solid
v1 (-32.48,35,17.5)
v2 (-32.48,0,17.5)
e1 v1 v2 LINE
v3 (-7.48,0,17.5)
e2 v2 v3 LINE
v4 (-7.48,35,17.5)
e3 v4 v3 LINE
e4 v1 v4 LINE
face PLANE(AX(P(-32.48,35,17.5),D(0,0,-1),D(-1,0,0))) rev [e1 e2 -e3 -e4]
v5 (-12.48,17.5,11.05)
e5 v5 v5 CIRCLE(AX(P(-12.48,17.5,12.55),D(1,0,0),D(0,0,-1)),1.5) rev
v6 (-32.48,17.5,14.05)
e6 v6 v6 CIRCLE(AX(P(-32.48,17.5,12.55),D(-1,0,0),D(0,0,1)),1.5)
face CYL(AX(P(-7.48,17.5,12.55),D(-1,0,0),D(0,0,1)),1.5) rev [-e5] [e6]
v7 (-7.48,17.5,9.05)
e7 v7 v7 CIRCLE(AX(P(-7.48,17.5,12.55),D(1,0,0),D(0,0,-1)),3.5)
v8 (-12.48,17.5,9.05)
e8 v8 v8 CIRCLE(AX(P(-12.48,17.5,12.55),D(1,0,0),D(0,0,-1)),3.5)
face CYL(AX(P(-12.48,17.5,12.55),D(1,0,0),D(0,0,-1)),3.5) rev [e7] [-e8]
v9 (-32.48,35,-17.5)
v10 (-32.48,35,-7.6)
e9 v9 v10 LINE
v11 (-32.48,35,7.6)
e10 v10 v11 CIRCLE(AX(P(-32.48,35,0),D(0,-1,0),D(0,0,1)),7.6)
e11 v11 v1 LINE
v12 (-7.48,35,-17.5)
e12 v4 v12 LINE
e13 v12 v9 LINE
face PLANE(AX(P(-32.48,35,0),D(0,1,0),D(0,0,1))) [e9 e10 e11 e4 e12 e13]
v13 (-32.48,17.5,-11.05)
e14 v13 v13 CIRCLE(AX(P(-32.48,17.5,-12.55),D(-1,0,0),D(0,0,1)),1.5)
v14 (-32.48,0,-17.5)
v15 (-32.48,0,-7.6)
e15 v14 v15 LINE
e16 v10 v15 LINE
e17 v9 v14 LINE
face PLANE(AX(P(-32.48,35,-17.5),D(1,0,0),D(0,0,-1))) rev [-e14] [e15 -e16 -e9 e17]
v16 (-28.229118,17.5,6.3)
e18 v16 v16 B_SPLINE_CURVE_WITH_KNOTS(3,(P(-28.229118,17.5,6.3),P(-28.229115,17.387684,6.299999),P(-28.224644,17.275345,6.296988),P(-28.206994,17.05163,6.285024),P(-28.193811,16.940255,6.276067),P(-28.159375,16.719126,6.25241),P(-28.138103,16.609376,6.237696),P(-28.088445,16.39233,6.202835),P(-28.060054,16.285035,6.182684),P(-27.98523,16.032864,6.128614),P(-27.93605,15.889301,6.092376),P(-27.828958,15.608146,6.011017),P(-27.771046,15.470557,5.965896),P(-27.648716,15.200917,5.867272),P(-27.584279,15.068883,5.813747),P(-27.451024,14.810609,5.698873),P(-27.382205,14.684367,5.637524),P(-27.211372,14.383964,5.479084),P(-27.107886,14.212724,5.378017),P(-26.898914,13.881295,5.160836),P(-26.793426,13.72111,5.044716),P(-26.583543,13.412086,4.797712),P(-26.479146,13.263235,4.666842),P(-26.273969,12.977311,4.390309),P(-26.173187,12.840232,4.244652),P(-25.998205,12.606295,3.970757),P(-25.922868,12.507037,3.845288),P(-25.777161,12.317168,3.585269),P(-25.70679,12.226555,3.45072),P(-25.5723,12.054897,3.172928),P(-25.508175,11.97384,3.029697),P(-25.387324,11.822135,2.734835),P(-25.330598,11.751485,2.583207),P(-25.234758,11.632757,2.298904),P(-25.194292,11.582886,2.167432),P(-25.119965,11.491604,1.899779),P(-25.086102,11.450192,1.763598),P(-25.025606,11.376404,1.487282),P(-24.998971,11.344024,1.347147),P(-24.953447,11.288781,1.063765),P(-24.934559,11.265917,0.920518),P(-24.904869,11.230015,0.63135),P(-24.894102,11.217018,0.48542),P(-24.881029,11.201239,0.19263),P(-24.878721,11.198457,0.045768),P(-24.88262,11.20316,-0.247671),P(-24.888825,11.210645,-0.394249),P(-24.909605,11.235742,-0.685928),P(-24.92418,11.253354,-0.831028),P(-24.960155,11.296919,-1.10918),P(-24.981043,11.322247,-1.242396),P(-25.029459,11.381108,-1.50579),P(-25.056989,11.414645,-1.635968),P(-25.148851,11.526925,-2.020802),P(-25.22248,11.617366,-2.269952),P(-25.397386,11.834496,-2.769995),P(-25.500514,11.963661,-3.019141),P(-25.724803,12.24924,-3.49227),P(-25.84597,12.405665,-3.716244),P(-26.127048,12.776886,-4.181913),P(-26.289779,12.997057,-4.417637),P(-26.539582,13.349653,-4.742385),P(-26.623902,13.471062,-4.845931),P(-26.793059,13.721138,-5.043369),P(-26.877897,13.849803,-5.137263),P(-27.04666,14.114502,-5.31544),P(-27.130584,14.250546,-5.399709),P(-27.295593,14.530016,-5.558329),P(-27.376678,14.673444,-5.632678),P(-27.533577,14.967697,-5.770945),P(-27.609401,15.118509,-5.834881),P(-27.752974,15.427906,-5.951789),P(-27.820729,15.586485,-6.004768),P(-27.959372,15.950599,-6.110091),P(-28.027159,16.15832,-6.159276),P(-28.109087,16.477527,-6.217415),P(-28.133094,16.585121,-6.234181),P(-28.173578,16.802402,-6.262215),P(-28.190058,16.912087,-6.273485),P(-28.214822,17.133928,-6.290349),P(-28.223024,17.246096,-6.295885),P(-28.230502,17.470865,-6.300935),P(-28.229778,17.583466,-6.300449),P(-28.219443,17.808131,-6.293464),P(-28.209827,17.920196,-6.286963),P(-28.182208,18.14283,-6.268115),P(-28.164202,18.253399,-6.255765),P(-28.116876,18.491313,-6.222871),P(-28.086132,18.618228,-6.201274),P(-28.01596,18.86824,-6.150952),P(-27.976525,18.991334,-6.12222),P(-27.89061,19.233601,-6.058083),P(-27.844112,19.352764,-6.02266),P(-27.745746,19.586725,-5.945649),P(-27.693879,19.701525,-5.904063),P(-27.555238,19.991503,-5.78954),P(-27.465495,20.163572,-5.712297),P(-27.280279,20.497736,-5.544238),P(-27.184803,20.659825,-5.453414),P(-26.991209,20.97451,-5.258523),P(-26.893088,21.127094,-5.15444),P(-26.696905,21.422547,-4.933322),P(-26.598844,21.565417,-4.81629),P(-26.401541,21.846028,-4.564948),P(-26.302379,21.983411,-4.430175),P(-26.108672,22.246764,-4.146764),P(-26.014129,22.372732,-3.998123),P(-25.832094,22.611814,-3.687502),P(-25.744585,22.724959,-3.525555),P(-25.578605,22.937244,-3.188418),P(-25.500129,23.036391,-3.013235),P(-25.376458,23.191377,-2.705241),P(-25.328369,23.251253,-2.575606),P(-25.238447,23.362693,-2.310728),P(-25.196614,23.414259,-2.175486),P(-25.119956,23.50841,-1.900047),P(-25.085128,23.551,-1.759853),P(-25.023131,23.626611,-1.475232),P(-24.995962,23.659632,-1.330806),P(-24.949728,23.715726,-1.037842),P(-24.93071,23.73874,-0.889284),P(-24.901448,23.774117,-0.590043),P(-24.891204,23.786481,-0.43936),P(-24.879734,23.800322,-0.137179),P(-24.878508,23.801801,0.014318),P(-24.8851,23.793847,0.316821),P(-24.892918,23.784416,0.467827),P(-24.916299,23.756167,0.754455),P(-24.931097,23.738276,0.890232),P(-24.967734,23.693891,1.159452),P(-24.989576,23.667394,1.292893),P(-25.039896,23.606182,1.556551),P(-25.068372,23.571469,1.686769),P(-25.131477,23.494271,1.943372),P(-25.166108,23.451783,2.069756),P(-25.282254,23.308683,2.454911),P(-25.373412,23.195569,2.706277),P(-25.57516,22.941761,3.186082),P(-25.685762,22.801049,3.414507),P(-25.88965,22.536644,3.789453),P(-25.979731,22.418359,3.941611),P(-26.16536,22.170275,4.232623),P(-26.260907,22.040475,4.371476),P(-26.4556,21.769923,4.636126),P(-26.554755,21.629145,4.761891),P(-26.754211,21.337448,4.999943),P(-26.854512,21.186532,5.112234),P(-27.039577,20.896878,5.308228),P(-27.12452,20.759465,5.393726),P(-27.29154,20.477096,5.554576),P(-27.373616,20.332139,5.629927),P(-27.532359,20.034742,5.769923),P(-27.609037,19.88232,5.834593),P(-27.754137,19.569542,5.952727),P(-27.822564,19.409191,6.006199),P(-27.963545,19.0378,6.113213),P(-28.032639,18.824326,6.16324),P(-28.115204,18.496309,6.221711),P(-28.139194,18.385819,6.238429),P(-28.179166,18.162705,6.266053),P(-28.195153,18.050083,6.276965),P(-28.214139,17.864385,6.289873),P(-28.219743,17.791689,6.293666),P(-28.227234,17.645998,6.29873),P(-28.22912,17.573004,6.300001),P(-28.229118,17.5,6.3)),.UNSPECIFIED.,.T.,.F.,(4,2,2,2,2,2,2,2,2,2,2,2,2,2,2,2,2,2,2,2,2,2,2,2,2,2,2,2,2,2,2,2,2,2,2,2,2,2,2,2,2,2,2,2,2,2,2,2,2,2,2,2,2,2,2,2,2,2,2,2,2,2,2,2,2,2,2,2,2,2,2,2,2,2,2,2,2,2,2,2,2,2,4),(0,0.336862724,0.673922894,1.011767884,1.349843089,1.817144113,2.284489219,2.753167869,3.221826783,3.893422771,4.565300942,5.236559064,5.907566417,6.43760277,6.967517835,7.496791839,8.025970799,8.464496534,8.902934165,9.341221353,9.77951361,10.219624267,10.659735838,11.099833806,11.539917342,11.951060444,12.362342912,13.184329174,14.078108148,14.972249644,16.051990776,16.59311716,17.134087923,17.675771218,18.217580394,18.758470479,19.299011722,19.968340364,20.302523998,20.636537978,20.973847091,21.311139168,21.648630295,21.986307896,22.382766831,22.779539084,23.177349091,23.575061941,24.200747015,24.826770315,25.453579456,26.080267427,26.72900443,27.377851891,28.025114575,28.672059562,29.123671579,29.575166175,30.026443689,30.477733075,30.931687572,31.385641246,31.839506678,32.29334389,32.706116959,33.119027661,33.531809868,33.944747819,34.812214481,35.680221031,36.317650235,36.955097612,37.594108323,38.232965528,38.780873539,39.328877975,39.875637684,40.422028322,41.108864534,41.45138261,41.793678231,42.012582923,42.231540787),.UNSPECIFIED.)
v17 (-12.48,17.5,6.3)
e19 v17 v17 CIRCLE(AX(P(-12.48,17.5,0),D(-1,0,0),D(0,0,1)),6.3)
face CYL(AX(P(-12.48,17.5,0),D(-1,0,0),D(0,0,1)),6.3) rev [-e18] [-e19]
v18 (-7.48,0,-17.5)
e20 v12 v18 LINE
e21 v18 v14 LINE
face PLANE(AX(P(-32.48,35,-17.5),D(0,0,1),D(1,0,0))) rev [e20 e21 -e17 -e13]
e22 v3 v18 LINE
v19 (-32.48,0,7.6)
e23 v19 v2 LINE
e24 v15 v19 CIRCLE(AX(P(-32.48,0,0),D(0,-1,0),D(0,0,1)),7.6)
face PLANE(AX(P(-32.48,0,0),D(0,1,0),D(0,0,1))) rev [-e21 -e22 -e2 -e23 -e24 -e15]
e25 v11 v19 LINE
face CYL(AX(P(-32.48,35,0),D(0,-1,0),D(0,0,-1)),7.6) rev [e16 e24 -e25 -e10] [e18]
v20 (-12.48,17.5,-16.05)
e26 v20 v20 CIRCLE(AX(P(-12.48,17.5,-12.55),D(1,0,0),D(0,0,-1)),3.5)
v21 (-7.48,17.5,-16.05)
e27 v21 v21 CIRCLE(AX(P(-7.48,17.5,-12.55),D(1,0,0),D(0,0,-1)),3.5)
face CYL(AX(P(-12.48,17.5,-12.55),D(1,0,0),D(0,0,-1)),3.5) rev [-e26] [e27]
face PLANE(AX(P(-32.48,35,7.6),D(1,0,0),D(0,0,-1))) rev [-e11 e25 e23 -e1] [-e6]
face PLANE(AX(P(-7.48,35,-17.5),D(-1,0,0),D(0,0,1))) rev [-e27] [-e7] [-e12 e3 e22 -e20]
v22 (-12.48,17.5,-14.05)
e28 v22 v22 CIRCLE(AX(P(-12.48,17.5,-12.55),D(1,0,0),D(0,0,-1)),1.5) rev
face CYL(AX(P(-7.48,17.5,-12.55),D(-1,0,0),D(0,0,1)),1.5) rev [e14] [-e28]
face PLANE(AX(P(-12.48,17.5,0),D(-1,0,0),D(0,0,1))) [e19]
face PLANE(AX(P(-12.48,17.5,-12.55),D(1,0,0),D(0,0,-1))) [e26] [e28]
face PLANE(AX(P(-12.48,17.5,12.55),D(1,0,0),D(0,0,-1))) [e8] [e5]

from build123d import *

# Parameters (mm, degrees)
BOSS_EXTRUDE1_DEPTH = 35
SKETCH3_R           = 6.3
CUT_EXTRUDE1_DEPTH  = 20
SKETCH4_R           = 1.5
CUT_EXTRUDE2_DEPTH  = 47.435439128
SKETCH5_R           = 3.5
CUT_EXTRUDE3_DEPTH  = 5


with BuildPart() as part:
    # Sketch1 → Boss-Extrude1 (new body)
    with BuildSketch(Plane(origin=(0, 0, 0), x_dir=(1, 0, 0), z_dir=(0, 1, 0))):
        with BuildLine():
            Line((-32.48, -7.6), (-32.48, -17.5))
            Line((-32.48, -17.5), (-7.48, -17.5))
            Line((-7.48, -17.5), (-7.48, 17.5))
            Line((-7.48, 17.5), (-32.48, 17.5))
            Line((-32.48, 17.5), (-32.48, 7.6))
            ThreePointArc((-32.48, 7.6), (-24.88, 0), (-32.48, -7.6))
        make_face()
    extrude(amount=BOSS_EXTRUDE1_DEPTH)

    # Sketch3 → Cut-Extrude1 (cut)
    with BuildSketch(Plane.ZY.offset(32.48)):
        with Locations((0, 17.5)):
            Circle(SKETCH3_R)
    extrude(amount=-CUT_EXTRUDE1_DEPTH, mode=Mode.SUBTRACT)

    # Sketch4 → Cut-Extrude2 (cut, through all)
    with BuildSketch(Plane.ZY.offset(32.48)):
        with Locations((12.55, 17.5)):
            Circle(SKETCH4_R)
        with Locations((-12.55, 17.5)):
            Circle(SKETCH4_R)
    extrude(amount=-CUT_EXTRUDE2_DEPTH, mode=Mode.SUBTRACT)

    # Sketch5 → Cut-Extrude3 (cut)
    with BuildSketch(Plane(origin=(-7.48, 0, 0), x_dir=(0, 0, -1), z_dir=(1, 0, 0))):
        with Locations((-12.55, 17.5)):
            Circle(SKETCH5_R)
        with Locations((12.55, 17.5)):
            Circle(SKETCH5_R)
    extrude(amount=-CUT_EXTRUDE3_DEPTH, mode=Mode.SUBTRACT)


solid = part.part
